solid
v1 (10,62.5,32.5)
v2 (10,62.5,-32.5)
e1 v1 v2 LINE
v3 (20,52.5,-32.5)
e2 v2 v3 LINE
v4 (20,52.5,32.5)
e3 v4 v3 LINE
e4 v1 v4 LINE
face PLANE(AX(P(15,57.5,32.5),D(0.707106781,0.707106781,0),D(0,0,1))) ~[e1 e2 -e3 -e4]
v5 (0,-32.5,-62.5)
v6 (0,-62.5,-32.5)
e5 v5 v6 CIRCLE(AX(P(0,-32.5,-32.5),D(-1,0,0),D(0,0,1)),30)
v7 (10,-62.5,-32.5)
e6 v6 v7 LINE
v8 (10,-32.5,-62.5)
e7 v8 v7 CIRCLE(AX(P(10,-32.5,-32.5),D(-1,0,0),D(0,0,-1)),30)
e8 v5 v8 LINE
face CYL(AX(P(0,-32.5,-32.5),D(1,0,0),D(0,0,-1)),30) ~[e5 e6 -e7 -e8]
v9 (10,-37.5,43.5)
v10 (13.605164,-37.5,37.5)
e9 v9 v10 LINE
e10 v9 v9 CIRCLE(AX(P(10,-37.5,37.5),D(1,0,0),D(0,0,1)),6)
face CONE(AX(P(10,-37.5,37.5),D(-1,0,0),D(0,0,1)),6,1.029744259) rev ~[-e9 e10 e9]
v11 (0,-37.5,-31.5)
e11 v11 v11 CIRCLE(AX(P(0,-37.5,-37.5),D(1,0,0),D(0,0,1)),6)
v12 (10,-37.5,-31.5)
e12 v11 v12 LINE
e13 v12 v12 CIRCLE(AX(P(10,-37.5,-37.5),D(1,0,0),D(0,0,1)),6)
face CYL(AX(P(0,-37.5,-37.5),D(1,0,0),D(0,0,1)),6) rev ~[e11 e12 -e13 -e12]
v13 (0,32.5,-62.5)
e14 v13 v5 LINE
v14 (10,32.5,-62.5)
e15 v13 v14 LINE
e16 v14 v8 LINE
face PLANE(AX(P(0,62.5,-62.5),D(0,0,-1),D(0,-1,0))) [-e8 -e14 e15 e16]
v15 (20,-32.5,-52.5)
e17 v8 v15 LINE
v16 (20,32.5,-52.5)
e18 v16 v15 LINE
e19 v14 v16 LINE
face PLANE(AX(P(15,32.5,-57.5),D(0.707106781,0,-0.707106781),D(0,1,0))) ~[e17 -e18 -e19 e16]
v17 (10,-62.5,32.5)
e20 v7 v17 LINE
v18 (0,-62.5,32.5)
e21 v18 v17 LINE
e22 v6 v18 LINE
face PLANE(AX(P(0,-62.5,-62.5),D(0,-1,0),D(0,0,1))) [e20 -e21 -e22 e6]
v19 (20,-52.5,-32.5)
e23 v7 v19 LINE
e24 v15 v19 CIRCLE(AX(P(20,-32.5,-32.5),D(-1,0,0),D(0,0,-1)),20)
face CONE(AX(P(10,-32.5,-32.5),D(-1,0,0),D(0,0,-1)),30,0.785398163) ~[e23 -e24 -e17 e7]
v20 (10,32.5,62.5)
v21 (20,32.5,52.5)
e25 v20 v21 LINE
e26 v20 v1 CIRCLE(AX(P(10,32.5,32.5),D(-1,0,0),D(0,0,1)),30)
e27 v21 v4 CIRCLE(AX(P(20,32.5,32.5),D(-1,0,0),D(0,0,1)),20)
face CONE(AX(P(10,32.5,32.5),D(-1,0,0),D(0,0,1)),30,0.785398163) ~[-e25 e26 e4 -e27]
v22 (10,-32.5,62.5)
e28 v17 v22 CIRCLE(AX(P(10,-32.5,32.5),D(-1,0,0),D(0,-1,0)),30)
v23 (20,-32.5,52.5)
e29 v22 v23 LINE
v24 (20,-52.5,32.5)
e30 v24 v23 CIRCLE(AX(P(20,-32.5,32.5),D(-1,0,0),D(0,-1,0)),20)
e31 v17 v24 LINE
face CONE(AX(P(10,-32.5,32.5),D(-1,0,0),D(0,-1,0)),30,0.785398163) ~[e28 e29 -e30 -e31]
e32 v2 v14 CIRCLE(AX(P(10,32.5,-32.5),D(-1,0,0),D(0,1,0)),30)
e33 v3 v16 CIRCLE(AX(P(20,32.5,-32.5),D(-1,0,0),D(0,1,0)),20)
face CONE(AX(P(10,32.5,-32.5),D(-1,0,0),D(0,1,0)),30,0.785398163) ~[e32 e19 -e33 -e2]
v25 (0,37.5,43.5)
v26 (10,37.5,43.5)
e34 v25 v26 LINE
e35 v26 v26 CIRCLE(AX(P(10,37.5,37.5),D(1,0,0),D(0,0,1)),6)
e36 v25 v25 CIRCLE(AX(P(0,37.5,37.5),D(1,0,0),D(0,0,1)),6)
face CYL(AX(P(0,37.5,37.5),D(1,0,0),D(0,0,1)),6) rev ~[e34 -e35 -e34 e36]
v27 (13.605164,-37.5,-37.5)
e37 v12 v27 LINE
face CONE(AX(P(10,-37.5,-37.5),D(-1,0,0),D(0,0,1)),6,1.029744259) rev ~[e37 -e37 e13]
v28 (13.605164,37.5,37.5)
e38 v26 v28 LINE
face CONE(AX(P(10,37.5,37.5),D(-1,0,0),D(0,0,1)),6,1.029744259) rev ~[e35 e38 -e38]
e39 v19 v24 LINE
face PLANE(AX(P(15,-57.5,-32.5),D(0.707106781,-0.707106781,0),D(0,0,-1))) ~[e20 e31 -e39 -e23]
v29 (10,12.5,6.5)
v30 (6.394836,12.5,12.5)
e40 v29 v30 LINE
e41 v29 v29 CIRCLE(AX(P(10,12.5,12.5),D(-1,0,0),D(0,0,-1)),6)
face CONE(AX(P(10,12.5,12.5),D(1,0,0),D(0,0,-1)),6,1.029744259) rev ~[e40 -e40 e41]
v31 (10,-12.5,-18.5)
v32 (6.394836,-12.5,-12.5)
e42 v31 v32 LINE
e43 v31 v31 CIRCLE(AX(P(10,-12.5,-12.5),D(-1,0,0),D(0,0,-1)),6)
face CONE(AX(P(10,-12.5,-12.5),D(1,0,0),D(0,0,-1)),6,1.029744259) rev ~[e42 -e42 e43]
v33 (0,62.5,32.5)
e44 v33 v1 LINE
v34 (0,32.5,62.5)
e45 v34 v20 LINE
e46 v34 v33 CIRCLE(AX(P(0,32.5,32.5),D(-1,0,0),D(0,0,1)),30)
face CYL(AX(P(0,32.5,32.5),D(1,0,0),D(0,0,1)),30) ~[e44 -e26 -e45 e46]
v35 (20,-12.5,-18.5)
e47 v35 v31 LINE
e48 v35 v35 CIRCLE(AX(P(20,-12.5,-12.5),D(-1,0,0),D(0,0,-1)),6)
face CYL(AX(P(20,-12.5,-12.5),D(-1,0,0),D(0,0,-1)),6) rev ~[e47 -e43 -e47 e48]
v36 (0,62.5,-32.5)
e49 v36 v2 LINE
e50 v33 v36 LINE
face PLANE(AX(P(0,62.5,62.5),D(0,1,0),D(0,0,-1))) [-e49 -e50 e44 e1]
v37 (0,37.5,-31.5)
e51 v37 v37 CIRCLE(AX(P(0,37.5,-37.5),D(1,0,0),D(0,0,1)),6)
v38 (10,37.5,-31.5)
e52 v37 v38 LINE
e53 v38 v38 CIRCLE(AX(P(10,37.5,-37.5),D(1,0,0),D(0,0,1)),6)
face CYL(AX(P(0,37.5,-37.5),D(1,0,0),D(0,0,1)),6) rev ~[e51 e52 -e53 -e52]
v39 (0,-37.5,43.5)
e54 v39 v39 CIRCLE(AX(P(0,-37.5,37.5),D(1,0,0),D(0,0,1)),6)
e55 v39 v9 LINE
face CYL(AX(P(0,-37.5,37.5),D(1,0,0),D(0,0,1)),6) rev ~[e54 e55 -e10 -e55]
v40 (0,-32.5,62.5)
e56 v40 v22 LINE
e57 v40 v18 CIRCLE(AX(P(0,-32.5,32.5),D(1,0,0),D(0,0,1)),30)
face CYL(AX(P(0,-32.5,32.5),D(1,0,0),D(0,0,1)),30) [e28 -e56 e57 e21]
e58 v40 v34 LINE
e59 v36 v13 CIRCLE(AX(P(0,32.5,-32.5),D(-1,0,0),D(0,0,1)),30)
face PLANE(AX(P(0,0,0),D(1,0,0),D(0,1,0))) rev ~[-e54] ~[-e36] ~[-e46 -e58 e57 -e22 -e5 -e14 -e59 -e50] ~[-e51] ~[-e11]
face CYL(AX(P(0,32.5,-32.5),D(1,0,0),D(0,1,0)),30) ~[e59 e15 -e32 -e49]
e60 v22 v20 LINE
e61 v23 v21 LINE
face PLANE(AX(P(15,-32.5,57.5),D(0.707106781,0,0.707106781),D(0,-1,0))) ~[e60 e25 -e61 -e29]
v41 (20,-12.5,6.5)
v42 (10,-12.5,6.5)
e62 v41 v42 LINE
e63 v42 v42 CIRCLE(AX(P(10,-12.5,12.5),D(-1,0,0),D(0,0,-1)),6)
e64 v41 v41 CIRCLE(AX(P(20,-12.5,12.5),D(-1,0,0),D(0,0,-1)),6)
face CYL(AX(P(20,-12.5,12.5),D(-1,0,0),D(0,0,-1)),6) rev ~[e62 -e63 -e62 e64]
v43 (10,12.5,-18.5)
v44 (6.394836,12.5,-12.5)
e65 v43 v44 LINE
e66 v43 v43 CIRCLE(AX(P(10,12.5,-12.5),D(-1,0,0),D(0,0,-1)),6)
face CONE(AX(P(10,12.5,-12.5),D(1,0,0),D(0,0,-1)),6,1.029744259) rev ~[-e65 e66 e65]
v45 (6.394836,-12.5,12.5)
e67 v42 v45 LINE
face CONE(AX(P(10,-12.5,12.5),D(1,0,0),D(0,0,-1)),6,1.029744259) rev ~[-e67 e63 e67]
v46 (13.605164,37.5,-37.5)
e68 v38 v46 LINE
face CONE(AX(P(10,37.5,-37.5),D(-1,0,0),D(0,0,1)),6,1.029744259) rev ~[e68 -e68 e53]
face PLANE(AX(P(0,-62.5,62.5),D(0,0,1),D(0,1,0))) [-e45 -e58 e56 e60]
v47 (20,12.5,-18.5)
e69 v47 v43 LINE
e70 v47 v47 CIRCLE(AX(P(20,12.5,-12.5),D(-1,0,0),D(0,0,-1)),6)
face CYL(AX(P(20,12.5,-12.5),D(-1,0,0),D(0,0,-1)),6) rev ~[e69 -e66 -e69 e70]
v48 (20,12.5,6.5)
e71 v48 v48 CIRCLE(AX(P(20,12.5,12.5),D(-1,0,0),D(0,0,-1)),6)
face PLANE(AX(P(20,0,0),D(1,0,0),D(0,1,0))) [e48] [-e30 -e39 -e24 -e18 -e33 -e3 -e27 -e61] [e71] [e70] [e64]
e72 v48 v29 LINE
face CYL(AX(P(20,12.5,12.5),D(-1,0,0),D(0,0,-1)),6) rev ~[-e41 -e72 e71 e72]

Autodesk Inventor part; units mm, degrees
ref_plane "YZ Plane" through (0, 0, 0) normal (1, 0, 0) x (0, 1, 0)
ref_plane "XZ Plane" through (0, 0, 0) normal (0, 1, 0) x (-1, 0, 0)
ref_plane "XY Plane" through (0, 0, 0) normal (0, 0, 1) x (1, 0, 0)
sketch "草圖1" plane through (0, 0, 0) normal (1, 0, 0) x (0, 1, 0)
  line L0 (-62.5, 62.5) -> (62.5, 62.5)
  line L1 (62.5, 62.5) -> (62.5, -62.5)
  line L2 (62.5, -62.5) -> (-62.5, -62.5)
  line L3 (-62.5, -62.5) -> (-62.5, 62.5)
  line L4 (-62.5, 62.5) -> (62.5, -62.5) construction
  line L5 (62.5, 62.5) -> (-62.5, -62.5) construction
  point P0 (0, 0)
  dimension "d0" = 125
  dimension "d1" = 125
extrude "擠出1" add sketch "草圖1" along normal blind 20
fillet "圓角1" radius 30 4 edges at (10, 62.5, 62.5) (10, -62.5, 62.5) (10, 62.5, -62.5) (10, -62.5, -62.5)
chamfer "倒角1" distance 10 angle 45 8 edges at (20, 0, 62.5) (20, -53.7132, 53.7132) (20, -62.5, 0) (20, -53.7132, -53.7132) (20, 0, -62.5) (20, 53.7132, -53.7132) (20, 62.5, 0) (20, 53.7132, 53.7132)
sketch "草圖2" plane through (20, 0, 0) normal (1, 0, 0) x (0, 0, -1)
  line L0 (-12.5, -12.5) -> (12.5, -12.5)
  line L1 (12.5, -12.5) -> (12.5, 12.5)
  line L2 (12.5, 12.5) -> (-12.5, 12.5)
  line L3 (-12.5, 12.5) -> (-12.5, -12.5)
  line L4 (-12.5, -12.5) -> (12.5, 12.5) construction
  line L5 (12.5, -12.5) -> (-12.5, 12.5) construction
  point P0 (0, 0)
  dimension "d8" = 25
  dimension "d9" = 25
hole "孔1" at (20, 12.5, 12.5) at (20, 12.5, -12.5) at (20, -12.5, 12.5) at (20, -12.5, -12.5) direction (-1, 0, 0) diameter 12 depth 10 tip angle 118
sketch "草圖3" plane through (0, 0, 0) normal (-1, 0, 0) x (0, 0, 1)
  arc A0 (-62.5, -32.5) -> (-32.5, -62.5) centre (-32.5, -32.5) ccw projected
  line L0 (-32.5, -62.5) -> (32.5, -62.5) projected
  arc A1 (32.5, -62.5) -> (62.5, -32.5) centre (32.5, -32.5) ccw projected
  line L1 (62.5, -32.5) -> (62.5, 32.5) projected
  arc A2 (62.5, 32.5) -> (32.5, 62.5) centre (32.5, 32.5) ccw projected
  line L2 (32.5, 62.5) -> (-32.5, 62.5) projected
  arc A3 (-32.5, 62.5) -> (-62.5, 32.5) centre (-32.5, 32.5) ccw projected
  line L3 (-62.5, 32.5) -> (-62.5, -32.5) projected
  line L4 (37.5, 37.5) -> (-37.5, 37.5)
  line L5 (-37.5, 37.5) -> (-37.5, -37.5)
  line L6 (-37.5, -37.5) -> (37.5, -37.5)
  line L7 (37.5, -37.5) -> (37.5, 37.5)
  line L8 (37.5, 37.5) -> (-37.5, -37.5) construction
  line L9 (-37.5, 37.5) -> (37.5, -37.5) construction
  point P0 (0, 0)
  dimension "d17" = 75
  dimension "d18" = 75
hole "孔2" at (0, -37.5, 37.5) at (0, -37.5, -37.5) at (0, 37.5, -37.5) at (0, 37.5, 37.5) direction (1, 0, 0) diameter 12 depth 10 tip angle 118
properties part number "exercise3-1-5"
